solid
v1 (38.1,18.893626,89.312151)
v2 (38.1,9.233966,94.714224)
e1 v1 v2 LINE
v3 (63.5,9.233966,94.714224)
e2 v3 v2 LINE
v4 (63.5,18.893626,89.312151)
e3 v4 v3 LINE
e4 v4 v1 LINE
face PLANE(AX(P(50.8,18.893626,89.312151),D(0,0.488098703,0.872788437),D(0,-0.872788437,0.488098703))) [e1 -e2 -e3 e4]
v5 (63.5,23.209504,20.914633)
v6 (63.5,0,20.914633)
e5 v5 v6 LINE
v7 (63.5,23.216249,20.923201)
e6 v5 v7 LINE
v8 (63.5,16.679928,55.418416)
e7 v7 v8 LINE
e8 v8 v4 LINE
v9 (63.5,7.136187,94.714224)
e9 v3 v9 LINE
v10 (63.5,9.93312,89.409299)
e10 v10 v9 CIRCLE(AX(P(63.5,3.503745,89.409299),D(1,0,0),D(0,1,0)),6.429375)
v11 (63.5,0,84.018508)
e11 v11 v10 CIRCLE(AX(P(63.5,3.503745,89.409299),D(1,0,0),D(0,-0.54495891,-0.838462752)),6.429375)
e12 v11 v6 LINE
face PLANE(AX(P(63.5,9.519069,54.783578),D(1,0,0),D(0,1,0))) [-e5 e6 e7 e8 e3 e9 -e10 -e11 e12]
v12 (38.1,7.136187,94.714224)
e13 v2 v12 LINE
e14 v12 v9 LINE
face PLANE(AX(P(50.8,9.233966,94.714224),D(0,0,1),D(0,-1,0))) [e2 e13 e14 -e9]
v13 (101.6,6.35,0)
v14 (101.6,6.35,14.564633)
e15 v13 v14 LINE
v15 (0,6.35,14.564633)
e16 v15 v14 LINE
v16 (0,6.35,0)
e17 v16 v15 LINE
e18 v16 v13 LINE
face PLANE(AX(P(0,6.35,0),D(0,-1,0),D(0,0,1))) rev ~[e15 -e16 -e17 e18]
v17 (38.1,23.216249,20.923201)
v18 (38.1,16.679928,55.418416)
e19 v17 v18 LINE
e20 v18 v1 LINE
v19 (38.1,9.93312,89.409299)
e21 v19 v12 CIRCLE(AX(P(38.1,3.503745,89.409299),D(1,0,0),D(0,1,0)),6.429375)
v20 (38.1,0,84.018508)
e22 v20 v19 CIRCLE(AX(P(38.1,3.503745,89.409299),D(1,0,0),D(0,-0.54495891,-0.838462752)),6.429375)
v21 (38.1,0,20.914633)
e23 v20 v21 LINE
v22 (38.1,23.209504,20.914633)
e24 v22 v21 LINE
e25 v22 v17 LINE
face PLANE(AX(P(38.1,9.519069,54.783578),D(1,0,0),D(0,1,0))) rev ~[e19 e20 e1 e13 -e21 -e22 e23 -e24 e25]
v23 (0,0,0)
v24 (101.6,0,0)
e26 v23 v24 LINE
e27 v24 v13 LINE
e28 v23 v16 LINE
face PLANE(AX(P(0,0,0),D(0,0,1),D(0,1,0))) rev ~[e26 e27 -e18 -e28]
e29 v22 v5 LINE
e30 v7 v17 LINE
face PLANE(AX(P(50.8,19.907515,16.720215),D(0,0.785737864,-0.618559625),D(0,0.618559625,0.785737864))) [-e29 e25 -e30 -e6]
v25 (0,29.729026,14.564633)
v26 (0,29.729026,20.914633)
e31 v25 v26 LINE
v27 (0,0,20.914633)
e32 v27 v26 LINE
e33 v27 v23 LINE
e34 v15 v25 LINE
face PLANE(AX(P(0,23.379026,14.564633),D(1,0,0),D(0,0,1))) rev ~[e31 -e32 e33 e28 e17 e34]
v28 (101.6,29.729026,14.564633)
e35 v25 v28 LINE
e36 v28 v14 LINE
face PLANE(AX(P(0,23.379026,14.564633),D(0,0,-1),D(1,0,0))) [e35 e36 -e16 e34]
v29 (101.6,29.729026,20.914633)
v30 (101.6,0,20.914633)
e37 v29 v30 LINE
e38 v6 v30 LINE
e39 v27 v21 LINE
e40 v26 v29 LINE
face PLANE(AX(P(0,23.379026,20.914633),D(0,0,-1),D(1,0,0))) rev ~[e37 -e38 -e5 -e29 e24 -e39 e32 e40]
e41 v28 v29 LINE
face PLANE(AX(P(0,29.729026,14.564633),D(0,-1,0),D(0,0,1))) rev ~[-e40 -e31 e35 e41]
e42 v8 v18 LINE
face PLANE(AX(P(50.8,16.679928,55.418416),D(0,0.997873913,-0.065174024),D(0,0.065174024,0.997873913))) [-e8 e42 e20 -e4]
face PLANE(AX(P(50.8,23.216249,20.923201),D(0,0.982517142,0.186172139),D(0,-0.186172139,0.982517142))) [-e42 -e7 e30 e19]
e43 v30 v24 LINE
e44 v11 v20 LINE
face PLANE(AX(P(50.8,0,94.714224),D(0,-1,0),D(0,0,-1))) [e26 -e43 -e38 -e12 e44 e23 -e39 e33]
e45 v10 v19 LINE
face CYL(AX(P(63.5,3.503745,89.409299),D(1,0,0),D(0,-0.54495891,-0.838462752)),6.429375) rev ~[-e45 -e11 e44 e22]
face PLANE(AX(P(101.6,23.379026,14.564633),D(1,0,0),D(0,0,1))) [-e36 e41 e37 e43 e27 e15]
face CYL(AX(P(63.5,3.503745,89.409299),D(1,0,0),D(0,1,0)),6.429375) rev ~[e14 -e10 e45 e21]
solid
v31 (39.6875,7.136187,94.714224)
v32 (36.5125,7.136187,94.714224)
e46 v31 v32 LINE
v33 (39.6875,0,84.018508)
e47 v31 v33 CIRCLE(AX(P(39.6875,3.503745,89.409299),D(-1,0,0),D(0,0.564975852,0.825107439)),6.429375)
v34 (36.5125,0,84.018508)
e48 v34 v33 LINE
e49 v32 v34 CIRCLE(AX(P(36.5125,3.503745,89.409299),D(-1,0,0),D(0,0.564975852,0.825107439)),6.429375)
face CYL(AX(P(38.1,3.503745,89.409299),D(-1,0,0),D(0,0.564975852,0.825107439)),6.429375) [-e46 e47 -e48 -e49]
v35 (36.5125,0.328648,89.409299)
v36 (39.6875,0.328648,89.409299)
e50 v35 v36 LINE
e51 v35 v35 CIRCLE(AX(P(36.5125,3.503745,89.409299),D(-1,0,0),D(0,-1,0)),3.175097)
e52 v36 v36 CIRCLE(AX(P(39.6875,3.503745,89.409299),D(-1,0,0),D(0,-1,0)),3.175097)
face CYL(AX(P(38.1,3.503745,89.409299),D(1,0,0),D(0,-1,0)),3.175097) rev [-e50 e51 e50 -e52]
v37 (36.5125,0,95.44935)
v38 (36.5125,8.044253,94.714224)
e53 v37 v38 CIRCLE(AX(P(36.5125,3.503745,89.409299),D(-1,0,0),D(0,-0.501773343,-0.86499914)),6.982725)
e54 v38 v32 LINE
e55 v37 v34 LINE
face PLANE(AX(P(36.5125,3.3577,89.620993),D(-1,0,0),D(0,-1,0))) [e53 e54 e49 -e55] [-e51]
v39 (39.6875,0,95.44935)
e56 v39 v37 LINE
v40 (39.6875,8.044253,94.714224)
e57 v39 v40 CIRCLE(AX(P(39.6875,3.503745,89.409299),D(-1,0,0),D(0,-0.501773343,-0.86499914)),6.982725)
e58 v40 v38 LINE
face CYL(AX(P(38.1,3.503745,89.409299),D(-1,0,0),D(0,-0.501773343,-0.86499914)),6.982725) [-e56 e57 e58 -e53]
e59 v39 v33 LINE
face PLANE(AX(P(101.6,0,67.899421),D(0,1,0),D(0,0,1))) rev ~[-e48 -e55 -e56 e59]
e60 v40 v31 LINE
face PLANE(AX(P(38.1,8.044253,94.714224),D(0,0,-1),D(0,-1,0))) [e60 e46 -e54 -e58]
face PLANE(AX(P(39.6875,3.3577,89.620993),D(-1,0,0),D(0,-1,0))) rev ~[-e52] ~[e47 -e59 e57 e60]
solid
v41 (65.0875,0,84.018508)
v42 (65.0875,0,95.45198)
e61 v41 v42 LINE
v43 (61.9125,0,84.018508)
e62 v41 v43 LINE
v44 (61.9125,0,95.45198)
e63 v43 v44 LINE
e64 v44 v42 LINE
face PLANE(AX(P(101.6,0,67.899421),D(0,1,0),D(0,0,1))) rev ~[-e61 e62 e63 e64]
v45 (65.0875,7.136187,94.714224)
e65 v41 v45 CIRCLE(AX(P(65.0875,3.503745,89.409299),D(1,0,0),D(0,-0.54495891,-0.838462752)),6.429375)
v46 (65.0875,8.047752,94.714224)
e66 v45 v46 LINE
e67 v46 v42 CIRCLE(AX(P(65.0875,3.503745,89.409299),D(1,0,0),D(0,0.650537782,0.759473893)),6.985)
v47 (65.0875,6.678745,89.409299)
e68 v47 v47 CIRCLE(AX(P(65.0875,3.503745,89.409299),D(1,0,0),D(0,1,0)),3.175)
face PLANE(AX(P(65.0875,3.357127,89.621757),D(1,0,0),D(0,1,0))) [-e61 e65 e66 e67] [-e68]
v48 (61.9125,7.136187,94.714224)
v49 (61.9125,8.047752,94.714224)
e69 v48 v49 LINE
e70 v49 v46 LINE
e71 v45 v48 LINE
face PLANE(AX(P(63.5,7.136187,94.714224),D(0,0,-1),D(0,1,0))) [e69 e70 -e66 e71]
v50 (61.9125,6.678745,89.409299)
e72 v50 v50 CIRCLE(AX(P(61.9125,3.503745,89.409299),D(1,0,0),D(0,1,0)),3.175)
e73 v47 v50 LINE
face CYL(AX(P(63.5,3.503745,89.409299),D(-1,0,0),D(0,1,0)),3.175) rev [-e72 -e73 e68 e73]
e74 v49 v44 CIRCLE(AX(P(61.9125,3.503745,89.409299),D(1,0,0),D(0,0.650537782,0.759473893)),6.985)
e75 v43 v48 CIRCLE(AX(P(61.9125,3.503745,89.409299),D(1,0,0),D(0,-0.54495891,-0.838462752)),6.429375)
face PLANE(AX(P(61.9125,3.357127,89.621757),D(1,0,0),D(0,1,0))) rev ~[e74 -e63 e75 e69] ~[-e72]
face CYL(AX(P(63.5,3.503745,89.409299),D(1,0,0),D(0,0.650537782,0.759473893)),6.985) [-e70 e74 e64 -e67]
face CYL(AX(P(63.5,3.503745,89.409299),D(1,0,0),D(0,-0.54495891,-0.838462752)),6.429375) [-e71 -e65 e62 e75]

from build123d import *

# Parameters (mm, degrees)
F1_DEPTH      = 101.6
F4_DEPTH      = 12.7
F4_DEPTH_BACK = 12.7
F6_DEPTH      = 25.4
F7_DEPTH      = 6.35
F9_R          = 3.1750969971
F10_DEPTH     = 1.5875
F8_R          = 3.175
F11_DEPTH     = 1.5875
F12_W         = 12.8773497418
F12_H         = 30.8604761958
F13_DEPTH     = 127


with BuildPart() as f1:
    # F0 (on Right) → F1 (new body)
    with BuildSketch(Plane.YZ):
        Polygon((0, 14.5646330879), (0, 0), (6.35, 0), (6.35, 14.5646330879), (12.7, 14.5646330879), (23.3790262025, 14.5646330879), (23.3790262025, 20.9146330879), (0, 20.9146330879), align=None)
    extrude(amount=F1_DEPTH)

    # F3 (on offset) → F4 (join, two sides)
    with BuildSketch(Plane.YZ.offset(50.8)) as f4_sk:
        Polygon((0, 94.7142243385), (0, 18.5392871499), (19.907515496, 16.7202148587), (23.2162494212, 20.9232009947), (16.6799279355, 55.4184156182), (18.8936255872, 89.3121510744), (9.2339664698, 94.7142243385), align=None)
    extrude(amount=F4_DEPTH)
    extrude(f4_sk.sketch, amount=-F4_DEPTH_BACK)

    # F5 (on face) → F6 (cut)
    with BuildSketch(Plane.YZ.offset(63.5)):
        with BuildLine():
            Line((0, 94.7142243385), (7.1361868072, 94.7142243385))
            ThreePointArc((7.1361868072, 94.7142243385), (-1.8445002334, 92.9776508861), (0, 84.018507737))
            Line((0, 84.018507737), (0, 94.7142243385))
        make_face()
        with BuildLine():
            ThreePointArc((0, 84.018507737), (6.5705000835, 83.7584694055), (9.9331201889, 89.4092991948))
            ThreePointArc((9.9331201889, 89.4092991948), (9.1910640748, 92.407843305), (7.1361868072, 94.7142243385))
            Line((7.1361868072, 94.7142243385), (0, 94.7142243385))
            Line((0, 94.7142243385), (0, 84.018507737))
        make_face()
    extrude(amount=-F6_DEPTH, mode=Mode.SUBTRACT)

    # F7 (add): a face of the model
    f7_faces = [f1.faces().sort_by_distance(p)[0] for p in [
        (50.8, 23.3790262025, 17.7396330879),
    ]]
    extrude(f7_faces, amount=F7_DEPTH)


with BuildPart() as f10:
    # F9 (on face) → F10 (new body, symmetric)
    with BuildSketch(Plane(origin=(38.1, 0, 0), x_dir=(0, -1, 0), z_dir=(-1, 0, 0))):
        with BuildLine():
            ThreePointArc((0, 83.3692482057), (2.5470454574, 85.9241336529), (3.4789796589, 89.4092991948))
            ThreePointArc((3.4789796589, 89.4092991948), (-0.5837001335, 95.7521521156), (-8.0442534776, 94.7142243385))
            Line((-8.0442534776, 94.7142243385), (-7.1361868072, 94.7142243385))
            ThreePointArc((-7.1361868072, 94.7142243385), (-8.8519906113, 85.8409475035), (0, 84.018507737))
            Line((0, 84.018507737), (0, 83.3692482057))
        make_face()
        with Locations((-3.5037451889, 89.4092991948)):
            Circle(F9_R, mode=Mode.SUBTRACT)
    extrude(amount=F10_DEPTH, both=True)


with BuildPart() as f11:
    # F8 (on face) → F11 (new body, symmetric)
    with BuildSketch(Plane.YZ.offset(63.5)):
        with BuildLine():
            Line((7.1361868072, 94.7142243385), (8.0477515951, 94.7142243385))
            ThreePointArc((8.0477515951, 94.7142243385), (-2.1938488305, 93.4500475649), (0, 83.3666181135))
            Line((0, 83.3666181135), (0, 84.018507737))
            ThreePointArc((0, 84.018507737), (8.8519906113, 85.8409475035), (7.1361868072, 94.7142243385))
        make_face()
        with Locations((3.5037451889, 89.4092991948)):
            Circle(F8_R, mode=Mode.SUBTRACT)
    extrude(amount=F11_DEPTH, both=True)


with BuildPart() as f13_tool:
    # F12 (on face) → F13 (new body)
    with BuildSketch(Plane.YZ.offset(101.6)):
        with Locations((-6.4386748709, 83.3296589553)):
            Rectangle(F12_W, F12_H)
    extrude(amount=-F13_DEPTH)


with BuildPart() as f10_1:
    add(f10.part)

    # F13: cut by f13_tool
    add(f13_tool.part, mode=Mode.SUBTRACT)


with BuildPart() as f11_1:
    add(f11.part)

    # F13: cut by f13_tool
    add(f13_tool.part, mode=Mode.SUBTRACT)


solid = Compound([f1.part, f10_1.part, f11_1.part])
